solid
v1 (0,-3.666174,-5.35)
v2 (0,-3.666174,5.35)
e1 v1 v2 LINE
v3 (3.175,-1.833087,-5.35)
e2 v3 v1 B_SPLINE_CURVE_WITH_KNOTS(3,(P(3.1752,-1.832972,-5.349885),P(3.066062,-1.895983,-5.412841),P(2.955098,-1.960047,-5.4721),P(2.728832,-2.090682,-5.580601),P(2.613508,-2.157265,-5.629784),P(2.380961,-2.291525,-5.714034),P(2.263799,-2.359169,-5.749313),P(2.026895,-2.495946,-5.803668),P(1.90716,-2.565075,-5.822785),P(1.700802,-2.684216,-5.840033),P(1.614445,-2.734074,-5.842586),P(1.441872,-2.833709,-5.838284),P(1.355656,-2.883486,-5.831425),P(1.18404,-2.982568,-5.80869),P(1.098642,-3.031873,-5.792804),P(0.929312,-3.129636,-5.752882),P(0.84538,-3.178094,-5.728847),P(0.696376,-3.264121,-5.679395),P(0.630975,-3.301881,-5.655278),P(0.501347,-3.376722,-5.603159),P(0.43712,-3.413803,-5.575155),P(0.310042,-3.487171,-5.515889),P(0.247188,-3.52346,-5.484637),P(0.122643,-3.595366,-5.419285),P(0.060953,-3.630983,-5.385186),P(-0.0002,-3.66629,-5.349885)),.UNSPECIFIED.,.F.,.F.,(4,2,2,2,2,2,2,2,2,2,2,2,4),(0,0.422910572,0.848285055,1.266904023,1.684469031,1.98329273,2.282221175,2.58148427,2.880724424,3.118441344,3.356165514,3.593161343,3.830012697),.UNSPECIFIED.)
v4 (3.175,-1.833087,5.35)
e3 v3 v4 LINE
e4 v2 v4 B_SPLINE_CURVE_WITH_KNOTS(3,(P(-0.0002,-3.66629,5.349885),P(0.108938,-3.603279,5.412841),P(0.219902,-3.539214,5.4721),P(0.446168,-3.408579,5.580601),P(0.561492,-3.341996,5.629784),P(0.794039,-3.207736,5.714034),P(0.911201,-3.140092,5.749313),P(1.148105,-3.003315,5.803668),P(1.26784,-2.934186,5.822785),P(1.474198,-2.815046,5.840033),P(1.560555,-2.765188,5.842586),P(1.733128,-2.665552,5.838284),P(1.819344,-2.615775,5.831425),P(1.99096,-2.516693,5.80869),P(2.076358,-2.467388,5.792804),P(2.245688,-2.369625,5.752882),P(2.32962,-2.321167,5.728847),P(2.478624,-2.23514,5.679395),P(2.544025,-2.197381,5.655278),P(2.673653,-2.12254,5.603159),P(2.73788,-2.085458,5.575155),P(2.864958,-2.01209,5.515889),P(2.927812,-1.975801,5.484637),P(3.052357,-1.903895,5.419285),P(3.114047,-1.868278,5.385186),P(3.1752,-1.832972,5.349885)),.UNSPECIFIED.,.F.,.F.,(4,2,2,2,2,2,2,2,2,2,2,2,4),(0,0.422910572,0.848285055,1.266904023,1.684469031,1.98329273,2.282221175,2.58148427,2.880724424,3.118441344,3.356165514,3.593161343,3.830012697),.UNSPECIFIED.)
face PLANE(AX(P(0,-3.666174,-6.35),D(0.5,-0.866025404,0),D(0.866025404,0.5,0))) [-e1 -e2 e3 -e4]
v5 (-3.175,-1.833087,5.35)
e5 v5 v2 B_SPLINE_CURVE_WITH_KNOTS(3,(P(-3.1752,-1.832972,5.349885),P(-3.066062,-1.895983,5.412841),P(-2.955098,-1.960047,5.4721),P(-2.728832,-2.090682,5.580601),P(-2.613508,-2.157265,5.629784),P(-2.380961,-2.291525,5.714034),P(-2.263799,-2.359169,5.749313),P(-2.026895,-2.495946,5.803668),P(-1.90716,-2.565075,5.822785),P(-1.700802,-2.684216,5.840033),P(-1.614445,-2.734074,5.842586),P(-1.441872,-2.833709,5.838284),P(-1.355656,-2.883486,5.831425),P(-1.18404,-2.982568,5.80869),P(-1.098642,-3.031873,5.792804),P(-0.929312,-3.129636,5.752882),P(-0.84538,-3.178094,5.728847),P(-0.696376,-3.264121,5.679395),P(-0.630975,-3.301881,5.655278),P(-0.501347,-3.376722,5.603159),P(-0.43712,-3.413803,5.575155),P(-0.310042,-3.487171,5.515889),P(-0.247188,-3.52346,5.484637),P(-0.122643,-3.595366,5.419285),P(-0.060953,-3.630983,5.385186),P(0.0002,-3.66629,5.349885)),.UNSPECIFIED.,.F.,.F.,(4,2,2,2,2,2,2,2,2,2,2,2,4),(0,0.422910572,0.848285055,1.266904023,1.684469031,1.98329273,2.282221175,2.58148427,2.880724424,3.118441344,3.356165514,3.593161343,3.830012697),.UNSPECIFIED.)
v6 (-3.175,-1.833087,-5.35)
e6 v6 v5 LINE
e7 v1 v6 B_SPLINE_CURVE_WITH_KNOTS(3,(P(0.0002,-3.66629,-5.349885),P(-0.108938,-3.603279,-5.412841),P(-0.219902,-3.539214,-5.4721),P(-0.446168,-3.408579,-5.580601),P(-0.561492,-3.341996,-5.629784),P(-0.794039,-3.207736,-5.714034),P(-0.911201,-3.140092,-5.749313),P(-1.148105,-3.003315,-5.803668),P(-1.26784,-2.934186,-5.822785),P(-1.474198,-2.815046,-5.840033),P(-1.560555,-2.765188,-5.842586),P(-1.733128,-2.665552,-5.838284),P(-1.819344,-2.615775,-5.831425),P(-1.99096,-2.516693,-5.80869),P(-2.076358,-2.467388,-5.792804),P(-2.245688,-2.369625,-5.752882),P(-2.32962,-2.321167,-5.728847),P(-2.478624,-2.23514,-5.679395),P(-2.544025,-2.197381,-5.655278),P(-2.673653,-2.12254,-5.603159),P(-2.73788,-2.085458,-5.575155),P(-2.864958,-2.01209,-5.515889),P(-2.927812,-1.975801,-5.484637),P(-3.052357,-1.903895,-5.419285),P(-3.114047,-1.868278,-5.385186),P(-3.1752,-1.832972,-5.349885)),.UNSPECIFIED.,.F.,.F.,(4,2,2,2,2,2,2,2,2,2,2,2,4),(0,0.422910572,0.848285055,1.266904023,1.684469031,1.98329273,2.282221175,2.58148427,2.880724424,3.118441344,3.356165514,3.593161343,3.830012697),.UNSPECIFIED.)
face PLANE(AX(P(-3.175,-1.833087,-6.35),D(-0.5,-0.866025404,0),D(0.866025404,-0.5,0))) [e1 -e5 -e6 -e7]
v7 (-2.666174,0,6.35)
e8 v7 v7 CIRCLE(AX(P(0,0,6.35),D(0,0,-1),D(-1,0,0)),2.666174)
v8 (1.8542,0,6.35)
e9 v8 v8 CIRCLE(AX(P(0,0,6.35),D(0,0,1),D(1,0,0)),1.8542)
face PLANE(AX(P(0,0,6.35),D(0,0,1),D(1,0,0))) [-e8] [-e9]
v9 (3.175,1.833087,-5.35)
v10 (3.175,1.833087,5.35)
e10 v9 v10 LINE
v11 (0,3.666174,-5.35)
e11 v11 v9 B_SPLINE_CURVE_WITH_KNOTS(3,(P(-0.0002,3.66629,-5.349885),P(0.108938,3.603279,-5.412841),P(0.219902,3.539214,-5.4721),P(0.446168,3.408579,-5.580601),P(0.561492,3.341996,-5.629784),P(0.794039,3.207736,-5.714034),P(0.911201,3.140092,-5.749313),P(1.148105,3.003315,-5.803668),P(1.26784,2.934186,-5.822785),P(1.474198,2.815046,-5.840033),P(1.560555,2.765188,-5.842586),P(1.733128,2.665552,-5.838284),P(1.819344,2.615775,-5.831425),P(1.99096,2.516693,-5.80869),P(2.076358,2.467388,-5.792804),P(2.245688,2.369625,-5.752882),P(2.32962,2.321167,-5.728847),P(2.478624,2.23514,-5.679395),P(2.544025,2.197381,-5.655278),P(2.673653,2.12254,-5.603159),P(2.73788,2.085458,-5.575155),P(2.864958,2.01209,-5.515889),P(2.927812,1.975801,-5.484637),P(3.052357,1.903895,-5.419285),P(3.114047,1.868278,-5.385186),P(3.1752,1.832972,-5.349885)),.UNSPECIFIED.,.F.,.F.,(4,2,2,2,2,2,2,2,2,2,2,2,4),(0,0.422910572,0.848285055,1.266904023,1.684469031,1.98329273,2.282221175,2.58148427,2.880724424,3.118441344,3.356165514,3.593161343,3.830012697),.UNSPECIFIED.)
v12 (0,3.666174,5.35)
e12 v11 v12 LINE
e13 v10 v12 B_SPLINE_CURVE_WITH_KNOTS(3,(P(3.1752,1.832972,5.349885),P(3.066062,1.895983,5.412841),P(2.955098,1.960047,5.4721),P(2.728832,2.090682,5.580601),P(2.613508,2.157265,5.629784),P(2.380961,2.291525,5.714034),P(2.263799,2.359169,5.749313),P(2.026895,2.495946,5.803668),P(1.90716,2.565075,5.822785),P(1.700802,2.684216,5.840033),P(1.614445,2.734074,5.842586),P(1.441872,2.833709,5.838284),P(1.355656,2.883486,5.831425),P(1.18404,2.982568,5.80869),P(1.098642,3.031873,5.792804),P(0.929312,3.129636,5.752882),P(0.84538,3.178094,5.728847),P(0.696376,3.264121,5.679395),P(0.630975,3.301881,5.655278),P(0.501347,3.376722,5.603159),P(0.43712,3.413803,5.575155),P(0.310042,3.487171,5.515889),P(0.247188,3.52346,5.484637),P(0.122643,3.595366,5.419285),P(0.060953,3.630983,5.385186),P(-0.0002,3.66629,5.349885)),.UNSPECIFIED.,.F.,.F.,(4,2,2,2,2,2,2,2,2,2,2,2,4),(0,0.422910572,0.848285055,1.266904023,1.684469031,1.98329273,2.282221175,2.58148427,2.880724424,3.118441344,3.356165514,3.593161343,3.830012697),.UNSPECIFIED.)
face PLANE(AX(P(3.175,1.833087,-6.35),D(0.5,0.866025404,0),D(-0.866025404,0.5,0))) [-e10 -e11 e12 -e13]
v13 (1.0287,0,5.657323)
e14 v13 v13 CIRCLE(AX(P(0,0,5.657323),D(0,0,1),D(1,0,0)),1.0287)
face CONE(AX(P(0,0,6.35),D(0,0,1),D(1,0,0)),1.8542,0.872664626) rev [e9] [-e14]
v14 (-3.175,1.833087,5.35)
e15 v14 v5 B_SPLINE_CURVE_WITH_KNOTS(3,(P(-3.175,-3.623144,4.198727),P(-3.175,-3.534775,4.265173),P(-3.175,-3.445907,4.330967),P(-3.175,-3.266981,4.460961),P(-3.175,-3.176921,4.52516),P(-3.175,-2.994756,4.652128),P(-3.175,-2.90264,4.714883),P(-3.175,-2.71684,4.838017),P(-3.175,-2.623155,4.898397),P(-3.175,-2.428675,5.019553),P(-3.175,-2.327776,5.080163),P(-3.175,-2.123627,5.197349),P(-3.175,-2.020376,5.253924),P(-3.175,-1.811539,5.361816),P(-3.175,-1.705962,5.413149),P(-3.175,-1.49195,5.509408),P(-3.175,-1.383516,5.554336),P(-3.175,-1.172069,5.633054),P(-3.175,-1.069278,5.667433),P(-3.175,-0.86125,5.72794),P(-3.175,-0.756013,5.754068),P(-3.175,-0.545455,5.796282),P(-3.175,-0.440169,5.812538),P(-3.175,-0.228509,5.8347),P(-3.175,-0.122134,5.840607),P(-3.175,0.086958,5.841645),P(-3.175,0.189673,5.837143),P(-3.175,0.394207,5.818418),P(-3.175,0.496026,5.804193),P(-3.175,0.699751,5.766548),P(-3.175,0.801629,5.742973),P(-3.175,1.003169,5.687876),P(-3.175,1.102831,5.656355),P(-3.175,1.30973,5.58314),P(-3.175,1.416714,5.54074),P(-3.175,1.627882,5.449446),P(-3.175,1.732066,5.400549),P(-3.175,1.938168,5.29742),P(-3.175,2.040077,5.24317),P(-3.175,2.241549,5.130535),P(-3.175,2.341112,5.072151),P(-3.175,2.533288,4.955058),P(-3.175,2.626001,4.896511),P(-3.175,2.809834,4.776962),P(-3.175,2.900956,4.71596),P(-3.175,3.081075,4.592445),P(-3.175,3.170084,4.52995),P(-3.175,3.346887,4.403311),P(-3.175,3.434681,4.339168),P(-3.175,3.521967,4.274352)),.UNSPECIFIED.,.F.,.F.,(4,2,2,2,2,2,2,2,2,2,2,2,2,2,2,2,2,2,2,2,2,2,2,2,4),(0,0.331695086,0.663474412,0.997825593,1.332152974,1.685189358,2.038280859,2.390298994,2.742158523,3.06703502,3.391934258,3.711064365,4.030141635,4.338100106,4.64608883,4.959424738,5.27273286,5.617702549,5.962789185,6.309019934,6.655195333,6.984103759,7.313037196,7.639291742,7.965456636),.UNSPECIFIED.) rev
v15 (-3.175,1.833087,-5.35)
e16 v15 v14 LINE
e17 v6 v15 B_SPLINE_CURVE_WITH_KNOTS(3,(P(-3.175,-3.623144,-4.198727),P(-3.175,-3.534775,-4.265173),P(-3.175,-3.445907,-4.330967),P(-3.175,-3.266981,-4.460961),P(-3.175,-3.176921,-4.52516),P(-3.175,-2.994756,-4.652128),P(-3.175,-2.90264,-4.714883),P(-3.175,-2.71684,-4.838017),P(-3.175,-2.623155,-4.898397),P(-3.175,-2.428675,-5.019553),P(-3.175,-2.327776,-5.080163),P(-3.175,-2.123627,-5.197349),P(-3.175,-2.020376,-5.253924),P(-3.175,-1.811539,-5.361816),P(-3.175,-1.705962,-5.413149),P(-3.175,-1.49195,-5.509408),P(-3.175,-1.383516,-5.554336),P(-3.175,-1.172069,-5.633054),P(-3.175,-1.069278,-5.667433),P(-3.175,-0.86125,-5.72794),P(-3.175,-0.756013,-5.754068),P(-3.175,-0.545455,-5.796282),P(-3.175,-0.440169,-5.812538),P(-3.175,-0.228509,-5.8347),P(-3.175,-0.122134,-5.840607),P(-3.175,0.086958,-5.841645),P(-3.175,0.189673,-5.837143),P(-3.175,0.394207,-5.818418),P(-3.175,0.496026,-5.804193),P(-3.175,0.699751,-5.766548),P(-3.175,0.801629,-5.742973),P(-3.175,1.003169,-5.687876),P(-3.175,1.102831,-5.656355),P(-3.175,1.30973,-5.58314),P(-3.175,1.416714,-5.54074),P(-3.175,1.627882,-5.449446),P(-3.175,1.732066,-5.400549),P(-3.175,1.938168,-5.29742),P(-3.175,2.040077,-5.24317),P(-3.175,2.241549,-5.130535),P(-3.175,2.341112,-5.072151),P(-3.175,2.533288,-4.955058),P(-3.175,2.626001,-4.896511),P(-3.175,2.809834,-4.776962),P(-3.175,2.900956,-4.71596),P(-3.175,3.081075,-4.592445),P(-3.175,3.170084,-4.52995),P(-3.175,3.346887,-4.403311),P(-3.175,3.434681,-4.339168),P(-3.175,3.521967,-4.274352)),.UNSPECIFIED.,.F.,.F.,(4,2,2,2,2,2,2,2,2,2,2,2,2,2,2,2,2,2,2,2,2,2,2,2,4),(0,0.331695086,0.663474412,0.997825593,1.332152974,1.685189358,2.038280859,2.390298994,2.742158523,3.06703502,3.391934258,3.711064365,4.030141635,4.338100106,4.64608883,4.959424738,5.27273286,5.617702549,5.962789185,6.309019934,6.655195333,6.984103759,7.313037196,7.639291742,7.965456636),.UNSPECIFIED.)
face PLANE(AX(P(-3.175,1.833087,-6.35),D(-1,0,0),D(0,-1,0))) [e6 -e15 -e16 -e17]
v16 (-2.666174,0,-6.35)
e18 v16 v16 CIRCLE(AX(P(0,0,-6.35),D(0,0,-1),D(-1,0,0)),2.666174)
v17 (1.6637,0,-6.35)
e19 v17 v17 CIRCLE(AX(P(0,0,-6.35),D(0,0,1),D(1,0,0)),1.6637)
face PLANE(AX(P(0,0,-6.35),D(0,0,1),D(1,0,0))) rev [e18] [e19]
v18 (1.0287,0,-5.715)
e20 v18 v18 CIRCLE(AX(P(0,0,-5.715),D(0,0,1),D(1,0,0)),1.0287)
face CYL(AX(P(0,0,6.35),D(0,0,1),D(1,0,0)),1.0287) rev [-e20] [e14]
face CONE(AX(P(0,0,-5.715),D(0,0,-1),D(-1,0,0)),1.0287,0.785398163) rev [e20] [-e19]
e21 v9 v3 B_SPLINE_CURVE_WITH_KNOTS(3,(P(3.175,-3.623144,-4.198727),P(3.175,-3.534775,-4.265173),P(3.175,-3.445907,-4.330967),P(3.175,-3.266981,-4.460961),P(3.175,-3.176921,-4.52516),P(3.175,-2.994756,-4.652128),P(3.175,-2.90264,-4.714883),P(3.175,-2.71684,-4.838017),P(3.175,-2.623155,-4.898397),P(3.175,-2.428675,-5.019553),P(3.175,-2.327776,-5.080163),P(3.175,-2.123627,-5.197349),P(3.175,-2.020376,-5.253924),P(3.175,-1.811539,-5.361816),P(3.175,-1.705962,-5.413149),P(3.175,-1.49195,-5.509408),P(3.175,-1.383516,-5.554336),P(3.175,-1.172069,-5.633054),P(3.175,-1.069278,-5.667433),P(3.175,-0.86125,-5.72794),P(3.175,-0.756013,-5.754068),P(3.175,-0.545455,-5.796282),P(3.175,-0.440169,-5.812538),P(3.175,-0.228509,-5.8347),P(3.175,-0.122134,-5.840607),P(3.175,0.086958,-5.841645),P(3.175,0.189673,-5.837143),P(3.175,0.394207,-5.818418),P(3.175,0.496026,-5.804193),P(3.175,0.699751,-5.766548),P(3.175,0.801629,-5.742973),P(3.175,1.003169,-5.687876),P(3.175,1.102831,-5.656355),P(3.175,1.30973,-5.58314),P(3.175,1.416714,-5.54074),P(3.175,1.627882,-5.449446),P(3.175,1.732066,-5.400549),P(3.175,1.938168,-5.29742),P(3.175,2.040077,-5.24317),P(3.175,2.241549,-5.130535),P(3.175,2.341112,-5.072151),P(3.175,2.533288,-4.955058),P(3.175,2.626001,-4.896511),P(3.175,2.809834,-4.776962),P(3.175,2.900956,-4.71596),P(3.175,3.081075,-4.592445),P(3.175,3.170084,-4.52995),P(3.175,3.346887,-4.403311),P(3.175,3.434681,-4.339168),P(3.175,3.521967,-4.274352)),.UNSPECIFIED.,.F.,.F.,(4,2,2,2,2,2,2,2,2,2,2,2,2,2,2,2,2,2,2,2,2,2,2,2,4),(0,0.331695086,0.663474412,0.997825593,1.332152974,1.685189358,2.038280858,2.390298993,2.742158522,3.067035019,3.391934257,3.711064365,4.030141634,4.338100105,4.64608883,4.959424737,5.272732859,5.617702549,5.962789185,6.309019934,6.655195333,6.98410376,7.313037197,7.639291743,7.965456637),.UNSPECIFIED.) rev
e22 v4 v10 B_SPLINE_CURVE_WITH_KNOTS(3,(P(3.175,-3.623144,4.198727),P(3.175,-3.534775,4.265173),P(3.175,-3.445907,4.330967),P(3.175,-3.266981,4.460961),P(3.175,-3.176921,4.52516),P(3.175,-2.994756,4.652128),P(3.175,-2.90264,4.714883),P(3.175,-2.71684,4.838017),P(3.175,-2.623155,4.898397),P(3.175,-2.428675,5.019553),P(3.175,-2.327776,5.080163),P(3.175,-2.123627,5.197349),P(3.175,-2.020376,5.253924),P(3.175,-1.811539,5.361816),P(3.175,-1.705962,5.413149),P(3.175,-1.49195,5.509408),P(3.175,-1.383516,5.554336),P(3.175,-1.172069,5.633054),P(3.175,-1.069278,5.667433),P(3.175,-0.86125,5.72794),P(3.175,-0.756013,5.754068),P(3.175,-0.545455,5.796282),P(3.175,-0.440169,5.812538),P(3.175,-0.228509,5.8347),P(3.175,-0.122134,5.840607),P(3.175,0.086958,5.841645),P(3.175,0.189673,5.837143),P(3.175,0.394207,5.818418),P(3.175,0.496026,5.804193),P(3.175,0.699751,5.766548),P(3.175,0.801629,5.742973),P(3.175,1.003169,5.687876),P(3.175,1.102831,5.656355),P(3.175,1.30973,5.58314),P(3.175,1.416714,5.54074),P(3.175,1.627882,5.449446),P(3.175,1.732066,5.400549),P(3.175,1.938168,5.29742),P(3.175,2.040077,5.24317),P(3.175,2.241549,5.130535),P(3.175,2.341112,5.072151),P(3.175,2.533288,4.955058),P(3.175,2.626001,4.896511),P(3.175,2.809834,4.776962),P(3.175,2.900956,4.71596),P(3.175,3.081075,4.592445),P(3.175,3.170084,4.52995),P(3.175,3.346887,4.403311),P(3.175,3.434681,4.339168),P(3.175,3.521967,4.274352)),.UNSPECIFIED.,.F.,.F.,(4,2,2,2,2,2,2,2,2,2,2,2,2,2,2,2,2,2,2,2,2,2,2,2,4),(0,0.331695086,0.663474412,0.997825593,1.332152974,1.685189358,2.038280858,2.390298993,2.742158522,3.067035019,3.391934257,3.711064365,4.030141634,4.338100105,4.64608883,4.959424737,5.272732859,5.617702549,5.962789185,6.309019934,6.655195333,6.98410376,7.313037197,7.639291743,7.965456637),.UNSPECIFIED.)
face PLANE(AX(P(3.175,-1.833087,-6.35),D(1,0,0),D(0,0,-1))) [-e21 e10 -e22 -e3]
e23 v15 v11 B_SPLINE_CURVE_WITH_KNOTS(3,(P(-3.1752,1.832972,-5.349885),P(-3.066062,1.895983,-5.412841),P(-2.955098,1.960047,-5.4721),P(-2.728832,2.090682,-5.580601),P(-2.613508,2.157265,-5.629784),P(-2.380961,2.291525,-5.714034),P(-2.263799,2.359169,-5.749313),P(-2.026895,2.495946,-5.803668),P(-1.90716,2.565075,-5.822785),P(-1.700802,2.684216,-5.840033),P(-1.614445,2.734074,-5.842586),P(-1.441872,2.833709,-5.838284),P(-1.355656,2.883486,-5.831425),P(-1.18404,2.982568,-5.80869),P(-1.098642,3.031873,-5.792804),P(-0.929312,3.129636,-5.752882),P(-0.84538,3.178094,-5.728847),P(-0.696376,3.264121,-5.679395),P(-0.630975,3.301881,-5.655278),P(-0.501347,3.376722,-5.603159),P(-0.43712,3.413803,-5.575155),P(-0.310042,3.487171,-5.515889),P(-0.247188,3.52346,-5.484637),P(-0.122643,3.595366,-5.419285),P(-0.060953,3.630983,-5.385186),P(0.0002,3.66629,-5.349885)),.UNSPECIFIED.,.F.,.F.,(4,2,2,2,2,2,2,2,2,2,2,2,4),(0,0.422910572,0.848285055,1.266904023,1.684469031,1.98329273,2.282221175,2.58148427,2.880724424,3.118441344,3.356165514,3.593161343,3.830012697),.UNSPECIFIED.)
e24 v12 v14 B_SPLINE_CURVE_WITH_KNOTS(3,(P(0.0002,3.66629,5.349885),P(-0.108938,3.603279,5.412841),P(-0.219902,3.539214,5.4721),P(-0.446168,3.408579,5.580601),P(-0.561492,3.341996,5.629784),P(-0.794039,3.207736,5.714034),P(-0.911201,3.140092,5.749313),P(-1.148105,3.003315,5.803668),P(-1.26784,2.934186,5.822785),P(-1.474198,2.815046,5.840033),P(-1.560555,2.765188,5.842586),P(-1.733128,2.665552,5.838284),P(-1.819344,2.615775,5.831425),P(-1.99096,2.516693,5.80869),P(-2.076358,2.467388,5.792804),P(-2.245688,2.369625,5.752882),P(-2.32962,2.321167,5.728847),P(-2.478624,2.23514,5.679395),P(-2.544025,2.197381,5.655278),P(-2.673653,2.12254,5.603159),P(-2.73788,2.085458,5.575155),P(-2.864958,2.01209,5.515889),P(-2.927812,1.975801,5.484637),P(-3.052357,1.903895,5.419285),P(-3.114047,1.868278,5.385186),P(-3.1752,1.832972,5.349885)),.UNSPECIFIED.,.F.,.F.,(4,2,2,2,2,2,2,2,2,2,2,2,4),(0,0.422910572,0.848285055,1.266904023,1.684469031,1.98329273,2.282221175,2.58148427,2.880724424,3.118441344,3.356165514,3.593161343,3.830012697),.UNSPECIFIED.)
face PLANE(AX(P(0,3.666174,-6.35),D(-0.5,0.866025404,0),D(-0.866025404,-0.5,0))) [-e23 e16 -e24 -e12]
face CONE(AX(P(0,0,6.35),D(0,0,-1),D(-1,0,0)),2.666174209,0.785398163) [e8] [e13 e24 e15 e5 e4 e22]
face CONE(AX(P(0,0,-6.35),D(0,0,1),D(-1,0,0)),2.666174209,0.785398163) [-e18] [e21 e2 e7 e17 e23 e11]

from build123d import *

# Parameters (mm, degrees)
BOSS_EXTRUDE1_DEPTH      = 6.35
BOSS_EXTRUDE1_DEPTH_BACK = 6.35


with BuildPart() as part:
    # Sketch1 → Boss-Extrude1 (new body, two sides)
    with BuildSketch(Plane.XY) as boss_extrude1_sk:
        Polygon((3.175, -1.833087105), (3.175, 1.833087105), (0, 3.666174209), (-3.175, 1.833087105), (-3.175, -1.833087105), (0, -3.666174209), align=None)
    extrude(amount=BOSS_EXTRUDE1_DEPTH)
    extrude(boss_extrude1_sk.sketch, amount=-BOSS_EXTRUDE1_DEPTH_BACK)

    # Sketch3 → Cut-Revolve2 (revolve, cut)
    with BuildSketch(Plane(origin=(0, 0, 0), x_dir=(0, 0, -1), z_dir=(1, 0, 0))):
        Polygon((-5.35, 3.666174209), (-6.35, 2.666174209), (-6.35, 3.666174209), align=None)
    cut_revolve2 = revolve(axis=Axis((0, 0, -0.635), (0, 0, 1)), mode=Mode.SUBTRACT)

    # Mirror1: Cut-Revolve2 across plane
    add(cut_revolve2.mirror(Plane.XY), mode=Mode.SUBTRACT)

    # Sketch4 → CSK for _1 Flat Head Machine Screw _100 (revolve, cut)
    with BuildSketch(Plane(origin=(0, 0, 6.35), x_dir=(0, -1, 0), z_dir=(1, 0, 0))):
        Polygon((0, 0), (0, 12.7), (1.6637, 12.7), (1.0287, 12.065), (1.0287, 0.692676746), (1.8542, 0), align=None)
    revolve(axis=Axis((0, 0, 12.7), (0, 0, -1)), mode=Mode.SUBTRACT)


solid = part.part
